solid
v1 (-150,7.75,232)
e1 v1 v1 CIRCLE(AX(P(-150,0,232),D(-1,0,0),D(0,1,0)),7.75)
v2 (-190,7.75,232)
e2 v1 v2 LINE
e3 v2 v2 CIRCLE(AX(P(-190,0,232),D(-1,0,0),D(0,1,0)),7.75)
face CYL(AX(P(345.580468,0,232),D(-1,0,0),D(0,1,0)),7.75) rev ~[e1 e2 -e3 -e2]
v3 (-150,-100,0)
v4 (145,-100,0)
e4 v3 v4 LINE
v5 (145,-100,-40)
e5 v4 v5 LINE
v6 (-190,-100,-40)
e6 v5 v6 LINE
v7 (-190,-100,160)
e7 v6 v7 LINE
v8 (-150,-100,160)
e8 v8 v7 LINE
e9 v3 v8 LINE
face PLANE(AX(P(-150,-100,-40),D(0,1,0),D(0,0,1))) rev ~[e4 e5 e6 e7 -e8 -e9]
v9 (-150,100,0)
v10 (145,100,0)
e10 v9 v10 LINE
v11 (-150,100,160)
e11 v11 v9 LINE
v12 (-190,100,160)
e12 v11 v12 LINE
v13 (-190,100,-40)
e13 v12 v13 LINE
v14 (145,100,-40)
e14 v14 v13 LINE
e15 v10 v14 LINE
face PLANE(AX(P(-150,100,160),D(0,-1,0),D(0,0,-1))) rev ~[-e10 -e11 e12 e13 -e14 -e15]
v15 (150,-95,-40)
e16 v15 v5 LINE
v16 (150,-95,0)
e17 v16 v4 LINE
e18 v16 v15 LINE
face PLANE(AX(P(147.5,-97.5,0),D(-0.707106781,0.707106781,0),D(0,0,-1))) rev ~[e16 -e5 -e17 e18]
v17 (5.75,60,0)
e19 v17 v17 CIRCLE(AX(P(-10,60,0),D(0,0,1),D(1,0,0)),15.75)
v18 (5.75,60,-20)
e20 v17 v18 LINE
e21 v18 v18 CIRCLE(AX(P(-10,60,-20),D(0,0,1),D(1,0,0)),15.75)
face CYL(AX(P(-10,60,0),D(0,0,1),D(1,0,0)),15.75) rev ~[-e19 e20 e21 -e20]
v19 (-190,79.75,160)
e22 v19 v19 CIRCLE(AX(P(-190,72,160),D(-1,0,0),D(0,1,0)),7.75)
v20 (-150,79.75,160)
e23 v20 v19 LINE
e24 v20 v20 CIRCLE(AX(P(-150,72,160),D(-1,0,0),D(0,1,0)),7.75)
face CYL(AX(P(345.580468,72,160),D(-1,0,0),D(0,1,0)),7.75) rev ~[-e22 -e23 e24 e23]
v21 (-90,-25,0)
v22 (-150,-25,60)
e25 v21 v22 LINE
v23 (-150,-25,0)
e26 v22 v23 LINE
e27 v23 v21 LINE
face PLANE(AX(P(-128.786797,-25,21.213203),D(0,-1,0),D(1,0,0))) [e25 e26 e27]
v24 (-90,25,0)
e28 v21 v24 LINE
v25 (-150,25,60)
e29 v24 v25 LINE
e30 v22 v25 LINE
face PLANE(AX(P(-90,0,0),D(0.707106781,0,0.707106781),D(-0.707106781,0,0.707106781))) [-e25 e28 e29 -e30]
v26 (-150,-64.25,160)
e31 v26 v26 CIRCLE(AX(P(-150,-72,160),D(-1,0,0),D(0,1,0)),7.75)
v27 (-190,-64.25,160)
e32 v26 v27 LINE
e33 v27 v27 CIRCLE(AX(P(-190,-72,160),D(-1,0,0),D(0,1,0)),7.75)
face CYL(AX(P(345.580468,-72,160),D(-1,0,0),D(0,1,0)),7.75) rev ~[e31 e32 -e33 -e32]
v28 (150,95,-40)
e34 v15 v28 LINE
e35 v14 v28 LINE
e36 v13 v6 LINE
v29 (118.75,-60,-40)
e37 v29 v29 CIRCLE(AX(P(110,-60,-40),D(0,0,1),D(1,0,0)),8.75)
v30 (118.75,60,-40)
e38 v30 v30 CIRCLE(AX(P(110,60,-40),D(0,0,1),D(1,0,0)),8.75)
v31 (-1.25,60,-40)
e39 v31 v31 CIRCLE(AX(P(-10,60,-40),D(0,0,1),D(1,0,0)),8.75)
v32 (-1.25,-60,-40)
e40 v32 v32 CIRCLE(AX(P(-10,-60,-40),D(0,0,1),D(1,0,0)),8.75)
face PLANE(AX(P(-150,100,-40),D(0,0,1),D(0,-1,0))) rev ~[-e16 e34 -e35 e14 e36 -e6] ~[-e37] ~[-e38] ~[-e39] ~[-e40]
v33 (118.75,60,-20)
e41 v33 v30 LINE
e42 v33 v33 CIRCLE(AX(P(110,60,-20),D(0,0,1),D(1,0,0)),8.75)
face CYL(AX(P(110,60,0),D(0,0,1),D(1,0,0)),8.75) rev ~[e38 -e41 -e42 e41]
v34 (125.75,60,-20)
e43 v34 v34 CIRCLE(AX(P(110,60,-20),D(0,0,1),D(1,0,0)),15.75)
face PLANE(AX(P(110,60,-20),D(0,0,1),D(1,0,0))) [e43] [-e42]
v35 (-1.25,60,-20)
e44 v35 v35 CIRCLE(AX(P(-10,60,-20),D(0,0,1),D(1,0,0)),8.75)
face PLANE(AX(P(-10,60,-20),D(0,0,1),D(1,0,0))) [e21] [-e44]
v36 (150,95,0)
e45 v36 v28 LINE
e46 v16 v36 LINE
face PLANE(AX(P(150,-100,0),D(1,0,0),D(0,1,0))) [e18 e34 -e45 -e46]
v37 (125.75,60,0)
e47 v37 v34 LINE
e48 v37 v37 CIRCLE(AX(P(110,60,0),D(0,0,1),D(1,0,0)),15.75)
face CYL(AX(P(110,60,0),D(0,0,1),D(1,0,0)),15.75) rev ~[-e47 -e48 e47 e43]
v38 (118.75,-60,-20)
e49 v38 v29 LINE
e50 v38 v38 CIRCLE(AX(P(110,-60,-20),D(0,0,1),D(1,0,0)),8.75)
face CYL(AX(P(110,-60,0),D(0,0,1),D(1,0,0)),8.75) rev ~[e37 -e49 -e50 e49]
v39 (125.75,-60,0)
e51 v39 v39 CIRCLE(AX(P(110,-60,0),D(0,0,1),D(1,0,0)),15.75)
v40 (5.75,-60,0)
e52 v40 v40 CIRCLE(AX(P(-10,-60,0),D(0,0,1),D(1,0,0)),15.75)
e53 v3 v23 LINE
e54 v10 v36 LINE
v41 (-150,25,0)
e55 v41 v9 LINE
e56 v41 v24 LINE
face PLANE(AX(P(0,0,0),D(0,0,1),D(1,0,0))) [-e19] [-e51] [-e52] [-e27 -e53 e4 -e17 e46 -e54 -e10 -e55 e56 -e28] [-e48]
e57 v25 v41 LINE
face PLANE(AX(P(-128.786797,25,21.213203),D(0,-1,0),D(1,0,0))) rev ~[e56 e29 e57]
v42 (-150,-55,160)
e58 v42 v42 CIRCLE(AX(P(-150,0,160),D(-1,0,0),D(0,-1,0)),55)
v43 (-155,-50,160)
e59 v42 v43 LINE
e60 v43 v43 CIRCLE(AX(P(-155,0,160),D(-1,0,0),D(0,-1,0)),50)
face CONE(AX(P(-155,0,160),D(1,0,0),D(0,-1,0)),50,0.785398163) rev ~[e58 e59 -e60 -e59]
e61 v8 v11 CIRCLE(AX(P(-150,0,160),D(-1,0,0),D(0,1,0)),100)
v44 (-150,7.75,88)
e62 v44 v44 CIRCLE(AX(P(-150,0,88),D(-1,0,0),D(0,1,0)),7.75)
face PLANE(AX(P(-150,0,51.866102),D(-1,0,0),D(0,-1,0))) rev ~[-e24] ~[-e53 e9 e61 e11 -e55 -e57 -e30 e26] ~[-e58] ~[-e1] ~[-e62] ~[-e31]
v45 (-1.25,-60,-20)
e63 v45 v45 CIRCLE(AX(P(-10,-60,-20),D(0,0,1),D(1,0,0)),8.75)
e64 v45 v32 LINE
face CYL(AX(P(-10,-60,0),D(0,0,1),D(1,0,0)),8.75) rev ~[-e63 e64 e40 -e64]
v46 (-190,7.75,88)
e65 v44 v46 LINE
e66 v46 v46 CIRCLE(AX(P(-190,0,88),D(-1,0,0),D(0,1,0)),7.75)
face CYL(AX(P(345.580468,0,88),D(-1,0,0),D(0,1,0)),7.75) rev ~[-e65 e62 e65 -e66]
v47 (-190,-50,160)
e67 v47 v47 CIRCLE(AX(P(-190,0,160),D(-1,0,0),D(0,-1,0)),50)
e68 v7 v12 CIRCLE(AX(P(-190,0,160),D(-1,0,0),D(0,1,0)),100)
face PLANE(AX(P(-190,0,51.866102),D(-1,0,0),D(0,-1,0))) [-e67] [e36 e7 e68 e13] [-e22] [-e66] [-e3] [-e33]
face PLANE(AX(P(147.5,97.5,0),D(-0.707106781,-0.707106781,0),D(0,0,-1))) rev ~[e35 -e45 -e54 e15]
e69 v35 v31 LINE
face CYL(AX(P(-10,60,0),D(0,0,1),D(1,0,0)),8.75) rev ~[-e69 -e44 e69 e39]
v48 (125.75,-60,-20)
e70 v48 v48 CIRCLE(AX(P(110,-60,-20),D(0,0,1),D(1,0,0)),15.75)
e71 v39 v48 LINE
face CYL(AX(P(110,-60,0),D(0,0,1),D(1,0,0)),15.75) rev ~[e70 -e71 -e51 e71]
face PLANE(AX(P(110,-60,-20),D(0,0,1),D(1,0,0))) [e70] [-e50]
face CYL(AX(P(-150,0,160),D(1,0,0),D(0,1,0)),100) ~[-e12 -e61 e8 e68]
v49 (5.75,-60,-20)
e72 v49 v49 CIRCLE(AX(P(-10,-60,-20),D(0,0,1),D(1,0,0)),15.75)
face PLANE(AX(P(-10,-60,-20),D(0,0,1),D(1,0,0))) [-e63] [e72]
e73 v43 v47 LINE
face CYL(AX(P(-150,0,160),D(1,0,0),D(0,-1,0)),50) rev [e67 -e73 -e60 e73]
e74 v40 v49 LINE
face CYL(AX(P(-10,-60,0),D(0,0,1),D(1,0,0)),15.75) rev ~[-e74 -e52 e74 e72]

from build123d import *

# Parameters (mm, degrees)
F0_W     = 300
F0_H     = 200
F0_R     = 15.75
F0_R_2   = 8.75
F1_DEPTH = 40
F2_DEPTH = 20
F3_R     = 50
F4_DEPTH = 40
F5_D     = 15.5
F7_DEPTH = 25
F8_SIZE  = 5


with BuildPart() as f1:
    # F0 (on Top) → F1 (new body)
    with BuildSketch(Plane.XY):
        Rectangle(F0_W, F0_H)
        with Locations((-10, -60)):
            Circle(F0_R, mode=Mode.SUBTRACT)
        with Locations((110, -60)):
            Circle(F0_R, mode=Mode.SUBTRACT)
        with Locations((-10, 60)):
            Circle(F0_R, mode=Mode.SUBTRACT)
        with Locations((110, 60)):
            Circle(F0_R, mode=Mode.SUBTRACT)
        with Locations((-10, 60)):
            Circle(F0_R)
        with Locations((-10, 60)):
            Circle(F0_R_2, mode=Mode.SUBTRACT)
        with Locations((110, 60)):
            Circle(F0_R)
        with Locations((110, 60)):
            Circle(F0_R_2, mode=Mode.SUBTRACT)
        with Locations((-10, -60)):
            Circle(F0_R)
        with Locations((-10, -60)):
            Circle(F0_R_2, mode=Mode.SUBTRACT)
        with Locations((110, -60)):
            Circle(F0_R)
        with Locations((110, -60)):
            Circle(F0_R_2, mode=Mode.SUBTRACT)
    extrude(amount=-F1_DEPTH)

    # F0 (on Top) → F2 (cut)
    with BuildSketch(Plane.XY):
        with Locations((-10, 60)):
            Circle(F0_R)
        with Locations((-10, 60)):
            Circle(F0_R_2, mode=Mode.SUBTRACT)
        with Locations((110, 60)):
            Circle(F0_R)
        with Locations((110, 60)):
            Circle(F0_R_2, mode=Mode.SUBTRACT)
        with Locations((110, -60)):
            Circle(F0_R)
        with Locations((110, -60)):
            Circle(F0_R_2, mode=Mode.SUBTRACT)
        with Locations((-10, -60)):
            Circle(F0_R)
        with Locations((-10, -60)):
            Circle(F0_R_2, mode=Mode.SUBTRACT)
    extrude(amount=-F2_DEPTH, mode=Mode.SUBTRACT)

    # F3 (on face) → F4 (join)
    with BuildSketch(Plane(origin=(-150, 0, 0), x_dir=(0, -1, 0), z_dir=(-1, 0, 0))):
        with BuildLine():
            Line((-100, 160), (-100, -40))
            Line((-100, -40), (100, -40))
            Line((100, -40), (100, 160))
            ThreePointArc((100, 160), (0, 60), (-100, 160))
        make_face()
        with BuildLine():
            ThreePointArc((100, 160), (0, 260), (-100, 160))
            ThreePointArc((-100, 160), (0, 60), (100, 160))
        make_face()
        with Locations((0, 160)):
            Circle(F3_R, mode=Mode.SUBTRACT)
    extrude(amount=F4_DEPTH)

    # F5 (through all)
    with Locations(Plane(origin=(-150, 0, 0), x_dir=(0, -1, 0), z_dir=(1, 0, 0))):
        with Locations((-72, -160), (0, -232), (72, -160), (0, -88)):
            Hole(F5_D / 2)

    # F6 (on Front) → F7 (join, symmetric)
    with BuildSketch(Plane.XZ):
        Polygon((-150, 60), (-150, 0), (-90, 0), align=None)
    extrude(amount=F7_DEPTH, both=True)

    # F8
    f8_edges = [f1.edges().sort_by_distance(p)[0] for p in [
        (150, -100, -20),
        (150, 100, -20),
        (-150, 50, 160),
    ]]
    chamfer(f8_edges, length=F8_SIZE)


solid = f1.part
